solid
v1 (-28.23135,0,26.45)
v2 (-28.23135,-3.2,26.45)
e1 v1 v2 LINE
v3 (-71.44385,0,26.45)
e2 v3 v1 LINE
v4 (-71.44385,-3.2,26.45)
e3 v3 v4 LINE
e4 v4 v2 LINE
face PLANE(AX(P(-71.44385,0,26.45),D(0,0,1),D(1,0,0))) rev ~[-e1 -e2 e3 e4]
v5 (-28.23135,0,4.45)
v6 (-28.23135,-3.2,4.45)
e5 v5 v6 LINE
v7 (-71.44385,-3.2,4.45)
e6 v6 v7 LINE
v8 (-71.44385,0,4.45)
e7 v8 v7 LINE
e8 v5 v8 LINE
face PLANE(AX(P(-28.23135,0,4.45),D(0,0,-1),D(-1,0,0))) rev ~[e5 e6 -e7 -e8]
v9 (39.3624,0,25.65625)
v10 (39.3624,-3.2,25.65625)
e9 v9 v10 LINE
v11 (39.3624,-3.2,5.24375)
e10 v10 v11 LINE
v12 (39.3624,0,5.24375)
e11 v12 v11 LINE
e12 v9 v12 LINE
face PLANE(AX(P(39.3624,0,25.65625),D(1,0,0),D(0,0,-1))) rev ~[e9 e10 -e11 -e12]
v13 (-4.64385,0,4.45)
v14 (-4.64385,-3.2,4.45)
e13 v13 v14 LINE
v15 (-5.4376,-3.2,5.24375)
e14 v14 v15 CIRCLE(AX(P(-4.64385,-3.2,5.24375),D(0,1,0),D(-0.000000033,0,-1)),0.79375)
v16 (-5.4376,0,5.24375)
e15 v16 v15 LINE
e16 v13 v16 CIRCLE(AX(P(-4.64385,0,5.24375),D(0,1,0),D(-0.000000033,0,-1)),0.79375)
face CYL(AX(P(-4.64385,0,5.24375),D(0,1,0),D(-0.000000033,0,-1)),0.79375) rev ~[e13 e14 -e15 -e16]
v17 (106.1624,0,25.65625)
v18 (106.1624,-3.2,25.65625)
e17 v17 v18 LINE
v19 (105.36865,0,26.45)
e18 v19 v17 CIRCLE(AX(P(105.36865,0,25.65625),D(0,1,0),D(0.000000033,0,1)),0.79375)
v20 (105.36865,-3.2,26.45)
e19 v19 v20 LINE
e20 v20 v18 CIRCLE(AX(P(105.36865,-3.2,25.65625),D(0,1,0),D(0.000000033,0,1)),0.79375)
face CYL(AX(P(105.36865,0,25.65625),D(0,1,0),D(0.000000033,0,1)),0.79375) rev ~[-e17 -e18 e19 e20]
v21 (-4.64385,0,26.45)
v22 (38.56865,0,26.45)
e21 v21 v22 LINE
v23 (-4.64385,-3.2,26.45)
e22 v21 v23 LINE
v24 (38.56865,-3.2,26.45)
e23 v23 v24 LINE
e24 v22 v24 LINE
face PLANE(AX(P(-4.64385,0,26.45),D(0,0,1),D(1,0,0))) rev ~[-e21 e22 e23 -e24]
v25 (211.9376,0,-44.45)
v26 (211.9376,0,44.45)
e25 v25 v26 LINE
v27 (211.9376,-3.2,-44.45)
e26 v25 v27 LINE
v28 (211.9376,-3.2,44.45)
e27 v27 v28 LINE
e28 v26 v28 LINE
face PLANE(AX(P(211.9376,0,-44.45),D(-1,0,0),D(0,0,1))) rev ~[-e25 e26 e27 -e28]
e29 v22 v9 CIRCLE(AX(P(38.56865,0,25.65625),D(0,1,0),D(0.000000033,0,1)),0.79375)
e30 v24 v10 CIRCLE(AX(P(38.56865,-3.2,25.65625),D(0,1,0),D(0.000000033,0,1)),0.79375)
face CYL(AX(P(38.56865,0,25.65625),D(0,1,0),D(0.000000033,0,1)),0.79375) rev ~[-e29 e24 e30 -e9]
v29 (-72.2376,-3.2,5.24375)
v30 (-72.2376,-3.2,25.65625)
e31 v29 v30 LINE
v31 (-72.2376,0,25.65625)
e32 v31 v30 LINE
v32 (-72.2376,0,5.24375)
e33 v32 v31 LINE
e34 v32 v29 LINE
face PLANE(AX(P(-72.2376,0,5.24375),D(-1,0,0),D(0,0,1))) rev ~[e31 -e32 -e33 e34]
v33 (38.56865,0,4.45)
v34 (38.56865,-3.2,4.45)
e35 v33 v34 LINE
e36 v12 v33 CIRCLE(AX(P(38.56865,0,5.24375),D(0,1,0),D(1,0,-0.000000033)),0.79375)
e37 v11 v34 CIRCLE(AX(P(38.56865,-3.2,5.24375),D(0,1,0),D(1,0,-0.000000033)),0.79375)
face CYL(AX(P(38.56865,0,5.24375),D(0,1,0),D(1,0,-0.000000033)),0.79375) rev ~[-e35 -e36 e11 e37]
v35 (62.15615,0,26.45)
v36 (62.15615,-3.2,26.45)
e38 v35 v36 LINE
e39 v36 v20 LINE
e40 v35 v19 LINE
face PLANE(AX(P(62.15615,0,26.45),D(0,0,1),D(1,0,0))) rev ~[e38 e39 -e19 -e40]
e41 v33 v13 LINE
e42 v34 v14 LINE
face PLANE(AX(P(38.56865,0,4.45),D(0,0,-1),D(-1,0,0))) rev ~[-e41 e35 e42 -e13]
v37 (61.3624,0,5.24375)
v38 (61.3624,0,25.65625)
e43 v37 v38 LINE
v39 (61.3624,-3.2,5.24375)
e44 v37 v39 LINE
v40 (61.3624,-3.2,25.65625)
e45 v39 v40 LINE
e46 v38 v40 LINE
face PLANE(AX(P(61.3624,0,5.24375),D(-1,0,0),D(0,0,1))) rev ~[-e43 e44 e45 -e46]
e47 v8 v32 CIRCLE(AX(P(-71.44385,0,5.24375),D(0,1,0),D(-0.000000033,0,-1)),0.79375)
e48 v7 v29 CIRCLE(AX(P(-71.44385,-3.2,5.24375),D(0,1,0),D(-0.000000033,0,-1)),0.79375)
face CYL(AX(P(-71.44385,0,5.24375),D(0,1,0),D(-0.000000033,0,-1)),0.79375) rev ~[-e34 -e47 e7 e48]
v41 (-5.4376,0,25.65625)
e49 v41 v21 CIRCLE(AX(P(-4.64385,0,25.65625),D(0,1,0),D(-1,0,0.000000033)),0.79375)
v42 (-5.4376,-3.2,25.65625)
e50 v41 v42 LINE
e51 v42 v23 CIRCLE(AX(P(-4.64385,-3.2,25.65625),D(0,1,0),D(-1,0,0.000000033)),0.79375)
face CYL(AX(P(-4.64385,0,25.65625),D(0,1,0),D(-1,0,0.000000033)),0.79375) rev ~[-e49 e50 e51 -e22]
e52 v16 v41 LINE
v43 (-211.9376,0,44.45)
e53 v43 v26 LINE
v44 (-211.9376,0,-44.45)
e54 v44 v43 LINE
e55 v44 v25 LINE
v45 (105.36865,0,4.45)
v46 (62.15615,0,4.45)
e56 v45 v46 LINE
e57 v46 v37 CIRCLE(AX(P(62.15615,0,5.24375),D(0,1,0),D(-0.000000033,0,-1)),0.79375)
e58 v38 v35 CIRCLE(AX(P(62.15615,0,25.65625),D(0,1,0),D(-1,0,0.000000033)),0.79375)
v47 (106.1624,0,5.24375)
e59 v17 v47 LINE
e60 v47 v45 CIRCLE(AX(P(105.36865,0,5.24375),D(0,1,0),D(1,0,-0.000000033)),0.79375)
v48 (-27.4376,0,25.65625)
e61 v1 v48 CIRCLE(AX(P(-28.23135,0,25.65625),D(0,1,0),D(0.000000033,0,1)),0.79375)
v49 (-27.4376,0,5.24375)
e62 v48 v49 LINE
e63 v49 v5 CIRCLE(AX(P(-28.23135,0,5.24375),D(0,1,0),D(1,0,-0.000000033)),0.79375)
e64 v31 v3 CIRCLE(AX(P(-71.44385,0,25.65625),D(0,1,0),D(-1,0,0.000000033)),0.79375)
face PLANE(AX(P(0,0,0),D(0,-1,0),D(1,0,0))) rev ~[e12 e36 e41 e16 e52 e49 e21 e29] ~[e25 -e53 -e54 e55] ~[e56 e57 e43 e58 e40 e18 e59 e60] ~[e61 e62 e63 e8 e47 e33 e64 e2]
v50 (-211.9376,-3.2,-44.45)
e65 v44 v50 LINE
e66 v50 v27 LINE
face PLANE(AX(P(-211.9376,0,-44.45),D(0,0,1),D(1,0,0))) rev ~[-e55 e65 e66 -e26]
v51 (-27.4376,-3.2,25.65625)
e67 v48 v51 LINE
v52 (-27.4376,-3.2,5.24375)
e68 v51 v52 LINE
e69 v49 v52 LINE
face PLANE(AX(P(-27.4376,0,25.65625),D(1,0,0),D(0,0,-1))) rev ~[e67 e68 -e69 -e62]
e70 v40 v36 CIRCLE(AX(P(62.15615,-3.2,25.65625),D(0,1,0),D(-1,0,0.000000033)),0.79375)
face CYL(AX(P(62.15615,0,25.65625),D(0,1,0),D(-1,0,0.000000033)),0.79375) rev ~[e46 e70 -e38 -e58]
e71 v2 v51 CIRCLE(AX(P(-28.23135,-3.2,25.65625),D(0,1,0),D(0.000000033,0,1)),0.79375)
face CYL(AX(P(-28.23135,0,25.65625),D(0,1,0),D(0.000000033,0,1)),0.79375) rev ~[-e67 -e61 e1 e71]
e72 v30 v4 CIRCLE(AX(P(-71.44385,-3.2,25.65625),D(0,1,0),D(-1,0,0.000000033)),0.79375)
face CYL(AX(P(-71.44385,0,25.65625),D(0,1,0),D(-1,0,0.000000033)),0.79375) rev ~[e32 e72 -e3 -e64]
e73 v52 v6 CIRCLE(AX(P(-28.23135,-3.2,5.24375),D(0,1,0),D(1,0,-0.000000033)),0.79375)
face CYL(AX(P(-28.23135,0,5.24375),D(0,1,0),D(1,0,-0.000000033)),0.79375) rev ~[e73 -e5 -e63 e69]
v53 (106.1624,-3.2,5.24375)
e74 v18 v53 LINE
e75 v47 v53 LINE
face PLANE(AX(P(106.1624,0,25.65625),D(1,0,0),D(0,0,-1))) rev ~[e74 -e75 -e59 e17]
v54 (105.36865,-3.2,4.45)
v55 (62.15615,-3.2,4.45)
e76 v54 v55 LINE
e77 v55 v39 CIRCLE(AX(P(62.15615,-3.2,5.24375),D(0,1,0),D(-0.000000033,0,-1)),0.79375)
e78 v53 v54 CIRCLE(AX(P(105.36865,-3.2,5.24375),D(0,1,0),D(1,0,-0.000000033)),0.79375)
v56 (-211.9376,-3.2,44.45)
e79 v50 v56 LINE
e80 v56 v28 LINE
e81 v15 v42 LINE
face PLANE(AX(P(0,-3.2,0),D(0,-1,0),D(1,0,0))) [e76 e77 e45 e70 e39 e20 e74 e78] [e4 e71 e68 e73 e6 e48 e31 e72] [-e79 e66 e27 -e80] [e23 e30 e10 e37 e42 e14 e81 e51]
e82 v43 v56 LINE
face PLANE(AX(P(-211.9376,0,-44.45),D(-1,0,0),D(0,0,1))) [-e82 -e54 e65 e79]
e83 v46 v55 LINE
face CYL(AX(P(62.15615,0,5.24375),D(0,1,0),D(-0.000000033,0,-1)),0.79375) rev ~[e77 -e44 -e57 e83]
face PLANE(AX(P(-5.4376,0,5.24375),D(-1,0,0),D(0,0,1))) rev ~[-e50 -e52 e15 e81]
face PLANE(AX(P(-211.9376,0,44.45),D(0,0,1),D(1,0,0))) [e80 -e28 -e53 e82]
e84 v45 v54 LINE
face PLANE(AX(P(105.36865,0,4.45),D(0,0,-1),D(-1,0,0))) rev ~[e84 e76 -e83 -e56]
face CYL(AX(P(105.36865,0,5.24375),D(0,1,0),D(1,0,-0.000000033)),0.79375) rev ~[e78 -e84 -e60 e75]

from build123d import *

# Parameters (mm, degrees)
F0_W     = 423.8752
F0_H     = 88.9
F1_DEPTH = 3.2


with BuildPart() as f1:
    # F0 (on Front) → F1 (new body)
    with BuildSketch(Plane.XZ):
        Rectangle(F0_W, F0_H)
        with BuildLine():
            ThreePointArc((-72.2376, 25.65625), (-72.005116, 26.217516), (-71.44385, 26.45))
            Line((-71.44385, 26.45), (-28.23135, 26.45))
            ThreePointArc((-28.23135, 26.45), (-27.670084, 26.217516), (-27.4376, 25.65625))
            Line((-27.4376, 25.65625), (-27.4376, 5.24375))
            ThreePointArc((-27.4376, 5.24375), (-27.670084, 4.682484), (-28.23135, 4.45))
            Line((-28.23135, 4.45), (-71.44385, 4.45))
            ThreePointArc((-71.44385, 4.45), (-72.005116, 4.682484), (-72.2376, 5.24375))
            Line((-72.2376, 5.24375), (-72.2376, 25.65625))
        make_face(mode=Mode.SUBTRACT)
        with BuildLine():
            ThreePointArc((-5.4376, 25.65625), (-5.205116, 26.217516), (-4.64385, 26.45))
            Line((-4.64385, 26.45), (38.56865, 26.45))
            ThreePointArc((38.56865, 26.45), (39.129916, 26.217516), (39.3624, 25.65625))
            Line((39.3624, 25.65625), (39.3624, 5.24375))
            ThreePointArc((39.3624, 5.24375), (39.129916, 4.682484), (38.56865, 4.45))
            Line((38.56865, 4.45), (-4.64385, 4.45))
            ThreePointArc((-4.64385, 4.45), (-5.205116, 4.682484), (-5.4376, 5.24375))
            Line((-5.4376, 5.24375), (-5.4376, 25.65625))
        make_face(mode=Mode.SUBTRACT)
        with BuildLine():
            ThreePointArc((61.3624, 25.65625), (61.594884, 26.217516), (62.15615, 26.45))
            Line((62.15615, 26.45), (105.36865, 26.45))
            ThreePointArc((105.36865, 26.45), (105.929916, 26.217516), (106.1624, 25.65625))
            Line((106.1624, 25.65625), (106.1624, 5.24375))
            ThreePointArc((106.1624, 5.24375), (105.929916, 4.682484), (105.36865, 4.45))
            Line((105.36865, 4.45), (62.15615, 4.45))
            ThreePointArc((62.15615, 4.45), (61.594884, 4.682484), (61.3624, 5.24375))
            Line((61.3624, 5.24375), (61.3624, 25.65625))
        make_face(mode=Mode.SUBTRACT)
    extrude(amount=F1_DEPTH)


solid = f1.part
